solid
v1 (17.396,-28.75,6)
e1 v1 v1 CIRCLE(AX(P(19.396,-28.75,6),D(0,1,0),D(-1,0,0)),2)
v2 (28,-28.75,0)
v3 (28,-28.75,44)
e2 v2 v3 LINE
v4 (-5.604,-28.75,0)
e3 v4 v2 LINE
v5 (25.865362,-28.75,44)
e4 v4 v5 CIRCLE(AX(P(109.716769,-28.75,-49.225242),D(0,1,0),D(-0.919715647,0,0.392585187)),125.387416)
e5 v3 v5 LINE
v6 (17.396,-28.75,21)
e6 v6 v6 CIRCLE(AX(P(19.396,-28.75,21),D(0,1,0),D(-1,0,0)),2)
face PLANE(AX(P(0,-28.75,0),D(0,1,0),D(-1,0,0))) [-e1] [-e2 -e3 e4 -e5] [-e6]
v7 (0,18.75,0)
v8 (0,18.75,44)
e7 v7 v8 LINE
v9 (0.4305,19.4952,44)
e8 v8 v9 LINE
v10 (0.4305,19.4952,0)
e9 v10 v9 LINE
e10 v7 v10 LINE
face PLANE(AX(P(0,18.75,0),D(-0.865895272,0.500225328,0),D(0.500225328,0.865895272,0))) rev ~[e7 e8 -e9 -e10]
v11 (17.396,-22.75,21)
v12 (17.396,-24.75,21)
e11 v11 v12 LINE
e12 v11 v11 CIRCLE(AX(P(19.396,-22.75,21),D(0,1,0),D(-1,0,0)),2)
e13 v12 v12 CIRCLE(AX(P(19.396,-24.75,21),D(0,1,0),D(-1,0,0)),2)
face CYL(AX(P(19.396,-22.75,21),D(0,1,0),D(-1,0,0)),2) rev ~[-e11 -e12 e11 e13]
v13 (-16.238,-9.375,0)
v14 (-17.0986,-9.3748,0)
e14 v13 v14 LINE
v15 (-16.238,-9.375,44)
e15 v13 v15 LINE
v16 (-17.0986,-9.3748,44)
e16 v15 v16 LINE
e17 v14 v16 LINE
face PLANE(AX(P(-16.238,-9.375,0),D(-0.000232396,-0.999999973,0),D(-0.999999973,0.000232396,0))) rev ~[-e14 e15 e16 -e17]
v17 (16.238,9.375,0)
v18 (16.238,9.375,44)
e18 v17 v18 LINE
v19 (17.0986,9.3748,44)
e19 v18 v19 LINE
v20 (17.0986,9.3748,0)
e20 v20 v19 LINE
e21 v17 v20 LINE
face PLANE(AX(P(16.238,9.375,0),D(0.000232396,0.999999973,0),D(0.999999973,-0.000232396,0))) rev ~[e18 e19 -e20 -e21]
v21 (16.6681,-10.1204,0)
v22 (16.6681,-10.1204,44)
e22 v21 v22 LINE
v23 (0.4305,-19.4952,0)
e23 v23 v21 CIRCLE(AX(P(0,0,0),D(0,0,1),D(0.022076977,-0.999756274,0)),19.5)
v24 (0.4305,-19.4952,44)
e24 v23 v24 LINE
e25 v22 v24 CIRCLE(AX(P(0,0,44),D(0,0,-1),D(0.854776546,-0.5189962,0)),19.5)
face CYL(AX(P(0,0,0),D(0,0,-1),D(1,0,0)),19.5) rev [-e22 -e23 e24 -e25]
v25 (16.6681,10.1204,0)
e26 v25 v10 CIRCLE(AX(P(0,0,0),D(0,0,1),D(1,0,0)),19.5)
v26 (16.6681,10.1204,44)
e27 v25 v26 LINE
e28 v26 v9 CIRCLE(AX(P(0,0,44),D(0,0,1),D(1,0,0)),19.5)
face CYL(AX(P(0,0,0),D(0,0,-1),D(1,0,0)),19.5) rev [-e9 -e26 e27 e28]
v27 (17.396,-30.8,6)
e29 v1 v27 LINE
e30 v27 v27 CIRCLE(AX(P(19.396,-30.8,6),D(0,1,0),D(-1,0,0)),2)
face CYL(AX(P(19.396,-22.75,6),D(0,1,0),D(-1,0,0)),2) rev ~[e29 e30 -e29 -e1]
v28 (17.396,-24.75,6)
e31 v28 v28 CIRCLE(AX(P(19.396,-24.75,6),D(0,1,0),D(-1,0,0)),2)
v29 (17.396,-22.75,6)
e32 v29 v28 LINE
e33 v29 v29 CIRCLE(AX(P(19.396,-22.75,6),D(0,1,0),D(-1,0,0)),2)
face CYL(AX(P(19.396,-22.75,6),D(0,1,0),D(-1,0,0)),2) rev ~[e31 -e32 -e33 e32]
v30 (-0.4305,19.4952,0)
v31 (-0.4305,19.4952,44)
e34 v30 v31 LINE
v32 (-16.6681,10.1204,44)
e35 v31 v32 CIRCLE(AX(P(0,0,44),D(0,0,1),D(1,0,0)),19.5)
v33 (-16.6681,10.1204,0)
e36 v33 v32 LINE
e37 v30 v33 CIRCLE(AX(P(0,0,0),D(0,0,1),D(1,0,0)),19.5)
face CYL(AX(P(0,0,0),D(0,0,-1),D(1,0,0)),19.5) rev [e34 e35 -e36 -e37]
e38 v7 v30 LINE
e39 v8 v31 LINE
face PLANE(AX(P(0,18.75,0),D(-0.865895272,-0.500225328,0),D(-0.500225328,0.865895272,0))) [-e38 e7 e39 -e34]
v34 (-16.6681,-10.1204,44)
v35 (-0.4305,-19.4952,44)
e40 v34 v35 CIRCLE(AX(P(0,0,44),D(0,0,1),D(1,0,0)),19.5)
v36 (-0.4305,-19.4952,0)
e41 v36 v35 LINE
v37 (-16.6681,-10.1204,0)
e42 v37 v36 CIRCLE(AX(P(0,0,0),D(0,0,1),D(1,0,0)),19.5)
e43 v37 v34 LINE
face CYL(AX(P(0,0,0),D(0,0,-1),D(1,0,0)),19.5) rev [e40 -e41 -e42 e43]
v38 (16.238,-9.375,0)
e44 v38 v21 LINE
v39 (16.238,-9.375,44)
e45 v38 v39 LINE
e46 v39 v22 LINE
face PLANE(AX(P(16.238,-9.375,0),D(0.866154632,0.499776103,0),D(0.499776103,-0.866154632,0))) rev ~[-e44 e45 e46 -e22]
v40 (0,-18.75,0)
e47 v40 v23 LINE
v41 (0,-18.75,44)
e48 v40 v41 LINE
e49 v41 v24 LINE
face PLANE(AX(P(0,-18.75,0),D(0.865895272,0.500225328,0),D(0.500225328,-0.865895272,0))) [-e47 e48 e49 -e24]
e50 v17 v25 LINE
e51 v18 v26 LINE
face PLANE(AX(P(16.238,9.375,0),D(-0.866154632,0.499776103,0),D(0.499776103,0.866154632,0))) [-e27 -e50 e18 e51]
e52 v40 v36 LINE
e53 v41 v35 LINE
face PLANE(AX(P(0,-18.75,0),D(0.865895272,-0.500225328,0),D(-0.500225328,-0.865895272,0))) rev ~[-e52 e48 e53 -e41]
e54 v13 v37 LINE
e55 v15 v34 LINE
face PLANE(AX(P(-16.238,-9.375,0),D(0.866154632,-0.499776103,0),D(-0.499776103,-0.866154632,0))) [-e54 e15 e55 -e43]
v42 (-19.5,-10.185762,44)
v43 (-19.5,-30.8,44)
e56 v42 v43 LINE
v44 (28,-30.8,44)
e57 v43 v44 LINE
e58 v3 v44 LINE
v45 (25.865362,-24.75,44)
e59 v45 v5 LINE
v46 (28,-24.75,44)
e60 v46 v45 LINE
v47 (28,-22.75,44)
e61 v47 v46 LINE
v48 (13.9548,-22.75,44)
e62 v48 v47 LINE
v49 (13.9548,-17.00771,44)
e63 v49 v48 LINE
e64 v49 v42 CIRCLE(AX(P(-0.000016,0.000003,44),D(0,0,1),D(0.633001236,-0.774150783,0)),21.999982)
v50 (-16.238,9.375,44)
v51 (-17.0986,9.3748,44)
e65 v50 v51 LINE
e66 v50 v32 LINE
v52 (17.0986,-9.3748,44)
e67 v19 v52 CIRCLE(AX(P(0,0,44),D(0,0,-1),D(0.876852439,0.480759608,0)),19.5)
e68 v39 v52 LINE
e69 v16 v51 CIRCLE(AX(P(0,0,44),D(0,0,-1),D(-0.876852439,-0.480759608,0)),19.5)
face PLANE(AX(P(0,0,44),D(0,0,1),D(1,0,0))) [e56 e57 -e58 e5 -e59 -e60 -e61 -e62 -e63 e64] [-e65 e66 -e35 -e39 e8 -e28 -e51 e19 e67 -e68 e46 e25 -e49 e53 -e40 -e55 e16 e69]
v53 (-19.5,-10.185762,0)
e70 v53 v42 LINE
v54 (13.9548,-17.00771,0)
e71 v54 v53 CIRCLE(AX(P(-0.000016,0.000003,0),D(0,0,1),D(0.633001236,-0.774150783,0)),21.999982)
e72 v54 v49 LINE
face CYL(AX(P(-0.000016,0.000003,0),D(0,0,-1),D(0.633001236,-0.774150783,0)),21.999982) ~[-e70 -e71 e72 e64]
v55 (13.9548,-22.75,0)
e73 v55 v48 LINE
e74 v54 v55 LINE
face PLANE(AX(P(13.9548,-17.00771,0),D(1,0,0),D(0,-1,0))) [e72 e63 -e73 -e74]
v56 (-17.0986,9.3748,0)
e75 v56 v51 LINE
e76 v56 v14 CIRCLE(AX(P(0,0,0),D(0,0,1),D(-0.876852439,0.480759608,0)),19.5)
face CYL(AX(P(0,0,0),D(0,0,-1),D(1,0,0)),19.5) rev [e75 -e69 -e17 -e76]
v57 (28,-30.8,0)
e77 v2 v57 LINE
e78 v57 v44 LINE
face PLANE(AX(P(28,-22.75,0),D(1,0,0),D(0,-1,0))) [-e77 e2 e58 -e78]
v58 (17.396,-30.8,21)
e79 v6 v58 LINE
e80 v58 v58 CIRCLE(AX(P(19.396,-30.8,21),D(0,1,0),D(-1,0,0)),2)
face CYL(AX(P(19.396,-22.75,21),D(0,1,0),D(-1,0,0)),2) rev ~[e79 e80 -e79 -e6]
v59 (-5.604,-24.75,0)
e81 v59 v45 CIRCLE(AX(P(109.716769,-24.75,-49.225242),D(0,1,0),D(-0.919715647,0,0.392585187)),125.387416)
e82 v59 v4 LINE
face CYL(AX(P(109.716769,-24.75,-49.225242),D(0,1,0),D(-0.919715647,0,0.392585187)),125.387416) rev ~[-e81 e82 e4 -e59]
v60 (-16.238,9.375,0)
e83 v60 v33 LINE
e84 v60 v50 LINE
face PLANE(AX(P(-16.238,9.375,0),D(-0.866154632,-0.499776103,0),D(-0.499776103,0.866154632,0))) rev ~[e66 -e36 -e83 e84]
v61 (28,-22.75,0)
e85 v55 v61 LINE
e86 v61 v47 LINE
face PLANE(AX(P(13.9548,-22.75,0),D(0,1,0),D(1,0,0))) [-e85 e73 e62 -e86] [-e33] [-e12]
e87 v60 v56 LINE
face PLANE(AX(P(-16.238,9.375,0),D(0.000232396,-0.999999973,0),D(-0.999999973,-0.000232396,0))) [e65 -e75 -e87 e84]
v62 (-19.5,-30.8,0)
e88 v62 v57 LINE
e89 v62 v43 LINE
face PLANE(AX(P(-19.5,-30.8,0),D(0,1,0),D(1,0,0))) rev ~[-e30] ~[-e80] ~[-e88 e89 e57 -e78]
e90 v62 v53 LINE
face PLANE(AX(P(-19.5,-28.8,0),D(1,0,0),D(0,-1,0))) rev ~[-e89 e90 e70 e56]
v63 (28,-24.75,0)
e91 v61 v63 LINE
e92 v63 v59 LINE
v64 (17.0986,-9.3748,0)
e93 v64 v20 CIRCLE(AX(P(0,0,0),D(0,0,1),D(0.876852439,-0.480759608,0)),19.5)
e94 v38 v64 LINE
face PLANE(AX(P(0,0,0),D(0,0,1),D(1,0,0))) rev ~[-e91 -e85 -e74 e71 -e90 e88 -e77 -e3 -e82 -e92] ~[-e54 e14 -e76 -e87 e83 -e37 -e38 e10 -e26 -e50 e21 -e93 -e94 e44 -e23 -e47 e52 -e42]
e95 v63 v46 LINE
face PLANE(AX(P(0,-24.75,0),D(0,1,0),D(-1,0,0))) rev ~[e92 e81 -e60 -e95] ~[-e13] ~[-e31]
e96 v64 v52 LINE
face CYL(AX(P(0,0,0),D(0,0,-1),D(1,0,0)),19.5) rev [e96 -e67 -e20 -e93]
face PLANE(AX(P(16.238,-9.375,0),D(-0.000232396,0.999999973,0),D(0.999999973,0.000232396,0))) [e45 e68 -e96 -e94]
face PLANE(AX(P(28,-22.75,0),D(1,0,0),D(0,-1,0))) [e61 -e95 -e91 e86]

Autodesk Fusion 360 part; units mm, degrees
sketch "Boceto1" plane through (0, 0, 0) normal (0, 0, 1) x (1, 0, 0)
  circle A0 centre (0, 0) radius 19.5 construction
  line L0 (0, 0) -> (0, 18.75) construction
  line L1 (0, 18.75) -> (0.4305, 19.4952)
  line L2 (0, 18.75) -> (0.8606, 18.75) construction
  line L3 (0, 18.75) -> (-0.4305, 19.4952)
  line L4 (0, 18.75) -> (0.8606, 18.75) construction
  line L5 (-16.238, 9.375) -> (-17.0986, 9.3748)
  line L6 (-16.238, 9.375) -> (-16.6681, 10.1204)
  line L7 (-16.238, -9.375) -> (-16.6681, -10.1204)
  line L8 (-16.238, -9.375) -> (-17.0986, -9.3748)
  line L9 (0, -18.75) -> (0.4305, -19.4952)
  line L10 (0, -18.75) -> (-0.4305, -19.4952)
  line L11 (16.238, -9.375) -> (17.0986, -9.3748)
  line L12 (16.238, -9.375) -> (16.6681, -10.1204)
  line L13 (16.238, 9.375) -> (16.6681, 10.1204)
  line L14 (16.238, 9.375) -> (17.0986, 9.3748)
  circle A1 centre (0, 0) radius 19.5
  line L15 (0, 0) -> (0, -24.75) construction
  line L16 (0, 0) -> (0, -19.5) construction
  line L17 (0, 0) -> (19.5, 0) construction
  line L18 (0, -24.75) -> (-36.4194, -24.75) construction
  line L19 (-36.4194, -24.75) -> (0, -24.75) construction
  line L20 (30.7797, -24.75) -> (0, -24.75) construction
  line L21 (0, 0) -> (-19.5, 0) construction
  line L22 (-19.5, 0) -> (-19.5, -28.8)
  line L23 (0, 0) -> (19.396, 0) construction
  line L24 (19.396, 0) -> (19.396, -26.75) construction
  line L25 (19.396, -26.75) -> (21.396, -26.75) construction
  line L26 (19.396, -26.75) -> (17.396, -26.75) construction
  line L27 (13.9548, -13.6203) -> (13.9548, -24.75)
  arc A2 (13.926, -17.0313) -> (-19.4752, -10.2331) centre (0, 0) ccw
  line L28 (-19.5, -28.8) -> (-19.5, -30.8)
  line L29 (-19.5, -30.8) -> (28, -30.8)
  line L30 (13.9548, -24.75) -> (13.9548, -22.75)
  line L31 (13.9548, -22.75) -> (28, -22.75)
  line L32 (28, -22.75) -> (28, -30.8)
  line L33 (17.396, -26.75) -> (-6, -26.75) construction
  line L34 (0, 0) -> (0, -26.75) construction
  dimension "d1" = 39
  dimension "d2" = 18.75
  dimension "d3" = 59.988
  dimension "d4" = 0.8606
  dimension "d5" = 120.012
  dimension "d6" = 0.8606
  dimension "d8" = 360
  dimension "d9" = 39
  dimension "d10" = 24.75
  dimension "d13" = 19.5
  dimension "d14" = 28.8
  dimension "d15" = 19.396
  dimension "d16" = 26.75
  dimension "d17" = 2
  dimension "d18" = 2
  dimension "d19" = 11.1297
  dimension "d20" = 22
  dimension "d21" = 2
  dimension "d22" = 2
extrude "Extruir1" add sketch "Boceto1" along normal blind 44 contours L1 L3 A1 | A1 L22 L27 A2 | L13 L14 A1 | L5 L6 A1 | A1 L22 L27 L28 L29 L31 L32 | L11 L12 A1 | L7 L8 A1 | L9 L10 A1 makes body 1
sketch "Boceto2" plane through (0, -22.75, 0) normal (0, 1, 0) x (-1, 0, 0)
  line L0 (-28, 0) -> (-13.9548, 0)
  line L1 (-13.9548, 44) -> (-28, 44)
  line L2 (0, 0) -> (0, 21) construction
  line L3 (0, 21) -> (-19.396, 21) construction
  circle A0 centre (-19.396, 21) radius 2
  line L4 (-19.396, 21) -> (-19.396, 6) construction
  circle A1 centre (-19.396, 6) radius 2
  line L5 (-19.396, 6) -> (2.854, 6) construction
  line L6 (-19.396, 6) -> (-19.396, 0) construction
  line L7 (-19.396, 0) -> (5.604, 0) construction
  line L8 (-19.396, 6) -> (-19.396, 37.747) construction
  arc A2 (5.604, 0) -> (-29.313, 46.9893) centre (-109.7168, -49.2252) ccw
  line L9 (-109.7168, -49.2252) -> (5.604, 0) construction
  line L10 (-109.7168, -49.2252) -> (-29.313, 46.9893) construction
  line L11 (-29.313, 46.9893) -> (-29.313, 0)
  line L12 (-29.313, 0) -> (5.604, 0)
  dimension "d25" = 21
  dimension "d26" = 19.396
  dimension "d27" = 4
  dimension "d28" = 15
  dimension "d29" = 4
  dimension "d36" = 22.25
  dimension "d37" = 25
  dimension "d38" = 31.747
  dimension "d39" = 27
extrude "Extruir2" cut sketch "Boceto2" against normal blind 8.05 contours A0 | A1 bodies 1
ref_plane "PlanoDeObra1" through (0, -26.75, 0) normal (0, 1, 0) x (0, 0, 1)
sketch "Boceto3" plane through (0, -26.75, 0) normal (0, 1, 0) x (1, 0, 0)
  line L0 (0, 0) -> (19.792, 0) construction
  line L1 (19.792, 0) -> (-5.208, 0) construction
  dimension "d33" = 19.792
  dimension "d34" = 25
extrude "Extruir3" add sketch "Boceto2" against normal blind 4 separate body makes body 2
move_body "Desplazar1" bodies 2 to x (1, 0, 0) y (0, 1, 0) z (0, 0, 1) at (0, -2, 0)
combine "Combinar1" operation cut target body 1 tool bodies 2
